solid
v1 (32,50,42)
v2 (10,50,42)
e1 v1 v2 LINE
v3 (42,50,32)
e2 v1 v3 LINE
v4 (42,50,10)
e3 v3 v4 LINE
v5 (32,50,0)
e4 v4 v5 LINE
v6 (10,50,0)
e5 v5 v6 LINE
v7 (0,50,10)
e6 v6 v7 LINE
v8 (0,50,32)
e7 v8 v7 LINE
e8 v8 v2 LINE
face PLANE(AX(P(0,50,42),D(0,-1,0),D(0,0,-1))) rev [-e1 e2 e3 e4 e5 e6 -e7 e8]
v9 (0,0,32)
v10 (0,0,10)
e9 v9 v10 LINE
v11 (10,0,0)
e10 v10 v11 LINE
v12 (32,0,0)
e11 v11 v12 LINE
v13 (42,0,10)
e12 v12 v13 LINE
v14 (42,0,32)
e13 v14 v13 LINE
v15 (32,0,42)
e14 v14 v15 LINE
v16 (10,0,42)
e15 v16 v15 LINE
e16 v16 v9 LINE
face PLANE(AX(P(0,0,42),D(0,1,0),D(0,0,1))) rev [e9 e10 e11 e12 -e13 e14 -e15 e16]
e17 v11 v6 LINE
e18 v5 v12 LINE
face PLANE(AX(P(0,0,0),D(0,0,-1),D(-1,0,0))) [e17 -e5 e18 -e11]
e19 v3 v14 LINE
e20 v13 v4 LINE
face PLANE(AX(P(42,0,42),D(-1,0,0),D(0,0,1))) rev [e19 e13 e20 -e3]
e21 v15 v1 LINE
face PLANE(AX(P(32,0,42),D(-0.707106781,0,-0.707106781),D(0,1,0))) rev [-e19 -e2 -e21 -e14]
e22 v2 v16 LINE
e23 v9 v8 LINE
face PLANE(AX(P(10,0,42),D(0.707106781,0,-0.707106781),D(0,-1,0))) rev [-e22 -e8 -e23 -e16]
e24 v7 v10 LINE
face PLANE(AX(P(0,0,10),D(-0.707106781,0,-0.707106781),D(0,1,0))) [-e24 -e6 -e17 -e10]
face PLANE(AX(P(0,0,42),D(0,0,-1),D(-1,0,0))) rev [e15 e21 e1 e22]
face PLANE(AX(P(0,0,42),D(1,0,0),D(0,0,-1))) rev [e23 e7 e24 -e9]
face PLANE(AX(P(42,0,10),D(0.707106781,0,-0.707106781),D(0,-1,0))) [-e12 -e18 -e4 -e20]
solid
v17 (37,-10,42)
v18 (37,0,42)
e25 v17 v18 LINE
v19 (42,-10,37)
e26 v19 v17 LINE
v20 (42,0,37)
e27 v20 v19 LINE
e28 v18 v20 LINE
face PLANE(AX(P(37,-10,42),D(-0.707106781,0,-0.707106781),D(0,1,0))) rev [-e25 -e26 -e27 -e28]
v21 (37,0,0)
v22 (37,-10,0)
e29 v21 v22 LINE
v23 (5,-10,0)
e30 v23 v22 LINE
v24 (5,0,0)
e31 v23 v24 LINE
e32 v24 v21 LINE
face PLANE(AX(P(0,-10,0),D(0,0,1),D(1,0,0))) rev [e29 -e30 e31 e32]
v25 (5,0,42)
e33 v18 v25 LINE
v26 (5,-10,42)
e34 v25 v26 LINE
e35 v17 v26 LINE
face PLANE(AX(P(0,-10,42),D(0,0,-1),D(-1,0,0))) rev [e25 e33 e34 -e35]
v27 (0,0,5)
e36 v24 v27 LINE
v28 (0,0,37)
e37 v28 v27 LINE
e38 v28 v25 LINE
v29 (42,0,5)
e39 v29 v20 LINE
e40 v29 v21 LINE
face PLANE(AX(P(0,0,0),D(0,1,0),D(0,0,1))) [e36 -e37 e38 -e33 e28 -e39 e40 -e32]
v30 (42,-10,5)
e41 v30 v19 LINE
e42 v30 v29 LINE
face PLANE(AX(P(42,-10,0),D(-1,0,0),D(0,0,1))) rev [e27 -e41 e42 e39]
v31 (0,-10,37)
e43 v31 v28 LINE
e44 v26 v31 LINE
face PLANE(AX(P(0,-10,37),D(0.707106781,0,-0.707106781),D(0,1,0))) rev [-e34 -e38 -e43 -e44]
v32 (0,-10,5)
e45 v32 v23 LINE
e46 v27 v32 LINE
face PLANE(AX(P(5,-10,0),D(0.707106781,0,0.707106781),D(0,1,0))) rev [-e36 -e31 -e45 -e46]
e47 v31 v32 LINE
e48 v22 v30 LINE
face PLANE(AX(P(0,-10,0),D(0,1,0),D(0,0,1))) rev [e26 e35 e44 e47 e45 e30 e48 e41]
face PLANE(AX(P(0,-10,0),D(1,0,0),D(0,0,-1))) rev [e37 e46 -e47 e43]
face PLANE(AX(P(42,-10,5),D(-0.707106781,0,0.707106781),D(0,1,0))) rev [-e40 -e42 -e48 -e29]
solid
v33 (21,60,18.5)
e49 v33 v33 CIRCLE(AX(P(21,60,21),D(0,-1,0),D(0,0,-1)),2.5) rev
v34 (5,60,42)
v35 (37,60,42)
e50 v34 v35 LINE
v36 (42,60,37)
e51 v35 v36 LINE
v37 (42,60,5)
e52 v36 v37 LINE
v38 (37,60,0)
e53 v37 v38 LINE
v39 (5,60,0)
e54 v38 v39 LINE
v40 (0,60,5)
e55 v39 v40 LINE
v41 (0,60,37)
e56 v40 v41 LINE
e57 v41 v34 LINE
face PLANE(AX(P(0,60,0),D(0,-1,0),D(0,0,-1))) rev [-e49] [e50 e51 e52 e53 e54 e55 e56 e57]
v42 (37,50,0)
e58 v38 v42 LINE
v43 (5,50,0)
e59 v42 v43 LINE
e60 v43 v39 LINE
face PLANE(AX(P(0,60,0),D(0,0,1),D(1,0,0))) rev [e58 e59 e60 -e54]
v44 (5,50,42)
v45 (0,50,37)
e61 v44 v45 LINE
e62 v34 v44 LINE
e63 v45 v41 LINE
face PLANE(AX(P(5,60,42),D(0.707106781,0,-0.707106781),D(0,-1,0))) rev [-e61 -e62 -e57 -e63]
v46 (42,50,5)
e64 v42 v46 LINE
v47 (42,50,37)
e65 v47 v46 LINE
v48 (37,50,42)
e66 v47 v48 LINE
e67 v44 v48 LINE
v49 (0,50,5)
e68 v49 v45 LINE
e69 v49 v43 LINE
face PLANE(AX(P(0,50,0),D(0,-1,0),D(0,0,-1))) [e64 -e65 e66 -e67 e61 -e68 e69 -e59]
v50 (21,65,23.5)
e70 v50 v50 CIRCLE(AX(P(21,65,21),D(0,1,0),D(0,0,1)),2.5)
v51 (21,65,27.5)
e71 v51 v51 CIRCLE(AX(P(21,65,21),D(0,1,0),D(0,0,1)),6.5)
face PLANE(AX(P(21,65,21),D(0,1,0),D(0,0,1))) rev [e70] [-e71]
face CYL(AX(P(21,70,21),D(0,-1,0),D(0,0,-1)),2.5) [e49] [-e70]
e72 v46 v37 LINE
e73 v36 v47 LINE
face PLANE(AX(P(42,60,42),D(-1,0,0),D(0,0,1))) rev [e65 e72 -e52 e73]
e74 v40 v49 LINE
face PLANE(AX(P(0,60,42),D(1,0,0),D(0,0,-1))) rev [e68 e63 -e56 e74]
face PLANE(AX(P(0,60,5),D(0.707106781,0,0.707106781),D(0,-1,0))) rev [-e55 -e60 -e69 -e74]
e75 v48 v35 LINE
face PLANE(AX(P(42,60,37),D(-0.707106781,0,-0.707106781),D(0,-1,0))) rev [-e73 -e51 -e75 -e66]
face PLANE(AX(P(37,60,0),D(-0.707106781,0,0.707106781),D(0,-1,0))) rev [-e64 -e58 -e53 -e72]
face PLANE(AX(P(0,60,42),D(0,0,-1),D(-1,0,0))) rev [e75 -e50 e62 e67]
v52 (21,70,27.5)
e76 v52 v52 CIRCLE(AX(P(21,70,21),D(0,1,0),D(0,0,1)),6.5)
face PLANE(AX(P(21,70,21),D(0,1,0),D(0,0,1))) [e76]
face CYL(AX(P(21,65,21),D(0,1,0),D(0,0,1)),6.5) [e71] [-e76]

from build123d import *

# Parameters (mm, degrees)
SKETCH_1_W      = 42
SKETCH_1_H      = 50
EXTRUDE_1_DEPTH = 42
CHAMFER_1_SIZE  = 10
SKETCH_2_W      = 42
SKETCH_2_H      = 42
EXTRUDE_2_DEPTH = 10
SKETCH_3_W      = 42
SKETCH_3_H      = 42
EXTRUDE_3_DEPTH = 10
CHAMFER_2_SIZE  = 5
CHAMFER_3_SIZE  = 5
SKETCH_4_R      = 2.5
EXTRUDE_4_DEPTH = 10
SKETCH_5_R      = 6.5
EXTRUDE_5_DEPTH = 5


with BuildPart() as part:
    # 草圖1 → 填料-伸長1 (new body)
    with BuildSketch(Plane.XY):
        with Locations((21, 25)):
            Rectangle(SKETCH_1_W, SKETCH_1_H)
    extrude(amount=EXTRUDE_1_DEPTH)

    # 導角1
    chamfer_1_edges = [part.edges().sort_by_distance(p)[0] for p in [
        (42, 25, 42),
        (0, 25, 42),
        (42, 25, 0),
        (0, 25, 0),
    ]]
    chamfer(chamfer_1_edges, length=CHAMFER_1_SIZE)


with BuildPart() as body_2:
    # 草圖2 → 填料-伸長2 (new body)
    with BuildSketch(Plane(origin=(0, 50, 0), x_dir=(1, 0, 0), z_dir=(0, 1, 0))):
        with Locations((21, -21)):
            Rectangle(SKETCH_2_W, SKETCH_2_H)
    extrude(amount=EXTRUDE_2_DEPTH)

    # 導角2
    chamfer_2_edges = [body_2.edges().sort_by_distance(p)[0] for p in [
        (0, 55, 0),
        (42, 55, 0),
        (42, 55, 42),
        (0, 55, 42),
    ]]
    chamfer(chamfer_2_edges, length=CHAMFER_2_SIZE)

    # 草圖4 → 填料-伸長4 (add)
    with BuildSketch(Plane(origin=(0, 60, 0), x_dir=(1, 0, 0), z_dir=(0, 1, 0))):
        with Locations(Location((21, -21, 0), (0, 0, 90))):
            Circle(SKETCH_4_R)
    extrude(amount=EXTRUDE_4_DEPTH)

    # 草圖5 → 填料-伸長5 (add)
    with BuildSketch(Plane(origin=(0, 70, 0), x_dir=(1, 0, 0), z_dir=(0, 1, 0))):
        with Locations(Location((21, -21, 0), (0, 0, 270))):
            Circle(SKETCH_5_R)
    extrude(amount=-EXTRUDE_5_DEPTH)


with BuildPart() as body_3:
    # 草圖3 → 填料-伸長3 (new body)
    with BuildSketch(Plane.XZ):
        with Locations((21, 21)):
            Rectangle(SKETCH_3_W, SKETCH_3_H)
    extrude(amount=EXTRUDE_3_DEPTH)

    # 導角3
    chamfer_3_edges = [body_3.edges().sort_by_distance(p)[0] for p in [
        (0, -5, 42),
        (42, -5, 42),
        (42, -5, 0),
        (0, -5, 0),
    ]]
    chamfer(chamfer_3_edges, length=CHAMFER_3_SIZE)


solid = Compound([part.part, body_2.part, body_3.part])
